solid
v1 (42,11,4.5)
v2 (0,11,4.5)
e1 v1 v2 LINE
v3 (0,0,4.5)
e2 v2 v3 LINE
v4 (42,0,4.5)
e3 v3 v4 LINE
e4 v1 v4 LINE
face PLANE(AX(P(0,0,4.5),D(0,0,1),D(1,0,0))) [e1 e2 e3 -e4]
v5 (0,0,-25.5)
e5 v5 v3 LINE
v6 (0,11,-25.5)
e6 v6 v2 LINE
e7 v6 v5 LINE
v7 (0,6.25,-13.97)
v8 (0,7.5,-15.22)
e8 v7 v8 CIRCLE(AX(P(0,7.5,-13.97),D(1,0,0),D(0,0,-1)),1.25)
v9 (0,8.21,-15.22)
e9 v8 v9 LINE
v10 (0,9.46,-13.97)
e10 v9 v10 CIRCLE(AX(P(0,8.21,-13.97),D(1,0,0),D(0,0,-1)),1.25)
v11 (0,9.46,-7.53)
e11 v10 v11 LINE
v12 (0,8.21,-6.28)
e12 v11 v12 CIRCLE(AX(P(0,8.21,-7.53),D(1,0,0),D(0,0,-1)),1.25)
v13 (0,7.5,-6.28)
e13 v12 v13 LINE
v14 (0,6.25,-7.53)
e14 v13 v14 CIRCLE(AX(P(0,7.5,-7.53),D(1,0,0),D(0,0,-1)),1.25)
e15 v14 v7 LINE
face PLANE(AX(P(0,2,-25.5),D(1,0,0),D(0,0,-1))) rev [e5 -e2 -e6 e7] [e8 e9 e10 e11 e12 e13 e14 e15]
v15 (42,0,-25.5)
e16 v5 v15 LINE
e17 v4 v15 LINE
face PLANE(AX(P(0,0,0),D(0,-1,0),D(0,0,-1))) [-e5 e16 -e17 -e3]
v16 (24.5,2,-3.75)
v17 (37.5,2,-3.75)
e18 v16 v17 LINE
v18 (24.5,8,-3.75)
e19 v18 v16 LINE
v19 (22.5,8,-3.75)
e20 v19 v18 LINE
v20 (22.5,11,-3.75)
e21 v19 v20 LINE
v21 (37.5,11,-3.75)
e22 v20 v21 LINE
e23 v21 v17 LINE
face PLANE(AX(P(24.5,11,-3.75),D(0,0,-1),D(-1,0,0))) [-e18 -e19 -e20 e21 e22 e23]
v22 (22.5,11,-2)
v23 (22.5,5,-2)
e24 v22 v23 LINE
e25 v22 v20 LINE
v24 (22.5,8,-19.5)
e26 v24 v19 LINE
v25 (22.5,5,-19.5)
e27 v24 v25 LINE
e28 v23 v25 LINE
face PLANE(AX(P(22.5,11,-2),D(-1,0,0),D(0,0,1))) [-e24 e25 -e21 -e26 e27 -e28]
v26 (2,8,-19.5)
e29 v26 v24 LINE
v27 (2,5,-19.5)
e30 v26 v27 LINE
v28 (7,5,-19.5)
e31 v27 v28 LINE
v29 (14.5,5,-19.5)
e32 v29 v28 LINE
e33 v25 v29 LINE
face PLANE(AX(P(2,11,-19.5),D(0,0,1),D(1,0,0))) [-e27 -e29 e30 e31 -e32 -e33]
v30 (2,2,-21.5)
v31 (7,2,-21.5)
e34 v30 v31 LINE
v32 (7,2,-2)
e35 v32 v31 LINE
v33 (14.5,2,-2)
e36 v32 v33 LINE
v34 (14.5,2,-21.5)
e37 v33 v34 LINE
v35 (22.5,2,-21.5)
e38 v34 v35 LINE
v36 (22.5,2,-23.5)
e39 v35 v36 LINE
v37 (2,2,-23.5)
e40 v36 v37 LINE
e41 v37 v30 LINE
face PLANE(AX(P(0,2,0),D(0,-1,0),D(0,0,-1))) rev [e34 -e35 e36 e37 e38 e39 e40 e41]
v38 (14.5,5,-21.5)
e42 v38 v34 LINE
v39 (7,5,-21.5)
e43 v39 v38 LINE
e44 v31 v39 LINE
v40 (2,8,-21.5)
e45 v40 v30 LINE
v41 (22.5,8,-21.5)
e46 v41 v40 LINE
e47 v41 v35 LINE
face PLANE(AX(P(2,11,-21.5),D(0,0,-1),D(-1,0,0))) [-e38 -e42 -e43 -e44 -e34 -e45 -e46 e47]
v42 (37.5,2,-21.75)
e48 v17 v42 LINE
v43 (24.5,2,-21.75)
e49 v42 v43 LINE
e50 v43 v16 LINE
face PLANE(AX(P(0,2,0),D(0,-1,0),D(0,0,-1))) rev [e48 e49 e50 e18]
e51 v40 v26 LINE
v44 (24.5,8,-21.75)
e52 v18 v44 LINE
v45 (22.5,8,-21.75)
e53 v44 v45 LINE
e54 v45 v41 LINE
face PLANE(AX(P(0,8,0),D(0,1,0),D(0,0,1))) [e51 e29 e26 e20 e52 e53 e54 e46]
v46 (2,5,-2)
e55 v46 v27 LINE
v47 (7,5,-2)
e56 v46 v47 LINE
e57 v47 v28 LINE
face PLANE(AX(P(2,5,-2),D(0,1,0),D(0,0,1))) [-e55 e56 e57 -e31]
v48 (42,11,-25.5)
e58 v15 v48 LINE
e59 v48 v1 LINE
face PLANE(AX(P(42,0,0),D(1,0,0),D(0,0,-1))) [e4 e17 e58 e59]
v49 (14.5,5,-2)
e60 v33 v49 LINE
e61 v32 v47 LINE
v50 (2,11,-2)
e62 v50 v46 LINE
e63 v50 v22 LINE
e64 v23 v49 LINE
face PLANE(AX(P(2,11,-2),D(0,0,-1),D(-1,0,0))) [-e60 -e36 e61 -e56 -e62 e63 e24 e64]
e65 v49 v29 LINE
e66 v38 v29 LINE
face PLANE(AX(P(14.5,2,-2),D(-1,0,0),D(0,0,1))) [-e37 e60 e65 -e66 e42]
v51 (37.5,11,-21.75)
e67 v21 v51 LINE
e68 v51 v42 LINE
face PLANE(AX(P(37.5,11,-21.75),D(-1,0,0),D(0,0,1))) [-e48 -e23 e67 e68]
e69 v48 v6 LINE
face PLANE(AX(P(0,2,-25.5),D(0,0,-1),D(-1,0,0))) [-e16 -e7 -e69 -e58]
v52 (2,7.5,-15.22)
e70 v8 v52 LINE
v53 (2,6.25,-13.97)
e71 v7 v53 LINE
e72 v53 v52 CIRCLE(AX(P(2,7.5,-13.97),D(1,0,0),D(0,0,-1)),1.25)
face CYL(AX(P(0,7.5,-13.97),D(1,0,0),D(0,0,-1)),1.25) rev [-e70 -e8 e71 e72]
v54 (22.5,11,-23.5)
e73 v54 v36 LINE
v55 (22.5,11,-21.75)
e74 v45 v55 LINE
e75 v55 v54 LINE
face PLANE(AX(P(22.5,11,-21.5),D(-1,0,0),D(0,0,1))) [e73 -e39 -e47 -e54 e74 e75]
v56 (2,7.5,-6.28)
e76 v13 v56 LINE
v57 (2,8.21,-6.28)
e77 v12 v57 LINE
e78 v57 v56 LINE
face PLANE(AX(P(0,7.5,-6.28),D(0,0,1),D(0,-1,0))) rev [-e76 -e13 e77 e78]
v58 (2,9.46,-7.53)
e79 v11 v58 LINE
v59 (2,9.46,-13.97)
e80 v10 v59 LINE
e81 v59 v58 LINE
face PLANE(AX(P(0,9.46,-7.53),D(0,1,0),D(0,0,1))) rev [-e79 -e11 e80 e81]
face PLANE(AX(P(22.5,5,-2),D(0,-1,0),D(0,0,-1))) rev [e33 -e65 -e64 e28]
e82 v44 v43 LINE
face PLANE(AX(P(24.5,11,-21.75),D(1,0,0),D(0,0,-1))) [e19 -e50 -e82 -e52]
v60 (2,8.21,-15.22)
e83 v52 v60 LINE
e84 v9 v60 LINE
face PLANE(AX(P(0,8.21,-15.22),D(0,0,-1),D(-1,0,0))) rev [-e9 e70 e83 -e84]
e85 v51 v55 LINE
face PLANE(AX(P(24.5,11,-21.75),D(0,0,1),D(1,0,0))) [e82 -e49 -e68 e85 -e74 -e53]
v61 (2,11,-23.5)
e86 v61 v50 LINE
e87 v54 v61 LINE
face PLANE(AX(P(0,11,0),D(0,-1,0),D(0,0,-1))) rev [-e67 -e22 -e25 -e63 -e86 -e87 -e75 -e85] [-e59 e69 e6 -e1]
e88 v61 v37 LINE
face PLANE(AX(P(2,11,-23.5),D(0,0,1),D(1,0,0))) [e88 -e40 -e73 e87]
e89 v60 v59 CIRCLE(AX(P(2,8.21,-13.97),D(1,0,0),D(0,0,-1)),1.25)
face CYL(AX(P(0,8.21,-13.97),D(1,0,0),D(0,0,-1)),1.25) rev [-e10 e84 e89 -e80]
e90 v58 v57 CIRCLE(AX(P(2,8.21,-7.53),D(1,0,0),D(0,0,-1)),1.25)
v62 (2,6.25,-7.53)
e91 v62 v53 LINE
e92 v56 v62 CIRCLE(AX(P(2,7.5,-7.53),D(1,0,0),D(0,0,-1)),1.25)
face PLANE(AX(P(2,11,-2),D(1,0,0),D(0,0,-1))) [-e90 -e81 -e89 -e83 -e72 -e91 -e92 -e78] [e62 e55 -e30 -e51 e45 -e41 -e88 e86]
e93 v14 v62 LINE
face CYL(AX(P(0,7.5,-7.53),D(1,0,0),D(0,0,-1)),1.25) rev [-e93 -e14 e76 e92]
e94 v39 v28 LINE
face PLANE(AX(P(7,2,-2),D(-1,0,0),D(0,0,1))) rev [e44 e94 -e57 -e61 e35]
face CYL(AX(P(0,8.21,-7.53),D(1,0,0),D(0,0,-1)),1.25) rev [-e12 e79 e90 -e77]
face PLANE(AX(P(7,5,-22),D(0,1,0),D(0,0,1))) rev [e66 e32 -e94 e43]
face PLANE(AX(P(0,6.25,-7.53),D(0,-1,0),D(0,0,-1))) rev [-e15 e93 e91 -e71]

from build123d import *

# Parameters (mm, degrees)
BOSS_EXTRUDE1_DEPTH = 2
SKETCH2_W           = 20.5
SKETCH2_H           = 2
SKETCH2_W_2         = 13
SKETCH2_H_2         = 18
SKETCH2_H_3         = 17.5
BOSS_EXTRUDE2_DEPTH = 9
SKETCH3_W           = 5
SKETCH3_H           = 3
SKETCH3_W_2         = 8
BOSS_EXTRUDE4_DEPTH = 17.5
SKETCH6_W           = 7.5
SKETCH6_H           = 3
CUT_EXTRUDE1_DEPTH  = 2.5
CUT_EXTRUDE3_DEPTH  = 3
SKETCH11_W          = 15
SKETCH11_H          = 11
BOSS_EXTRUDE5_DEPTH = 1.75
SKETCH12_W          = 15
SKETCH12_H          = 11
BOSS_EXTRUDE6_DEPTH = 1.75
CUT_EXTRUDE4_DEPTH  = 2
SKETCH14_W          = 39.5
SKETCH14_H          = 11
BOSS_EXTRUDE7_DEPTH = 4.5
SKETCH16_W          = 30
SKETCH16_H          = 11
BOSS_EXTRUDE8_DEPTH = 2.5


with BuildPart() as part:
    # Sketch1 → Boss-Extrude1 (new body)
    with BuildSketch(Plane(origin=(0, 0, 0), x_dir=(1, 0, 0), z_dir=(0, 1, 0))):
        Polygon((0, 25.5), (24.5, 25.5), (24.5, 23.75), (39.5, 23.75), (39.5, 1.75), (24.5, 1.75), (24.5, 0), (0, 0), align=None)
    extrude(amount=BOSS_EXTRUDE1_DEPTH)

    # Sketch2 → Boss-Extrude2 (add)
    with BuildSketch(Plane(origin=(0, 2, 0), x_dir=(1, 0, 0), z_dir=(0, 1, 0))):
        Polygon((24.5, 23.75), (24.5, 25.5), (0, 25.5), (0, 0), (24.5, 0), (24.5, 1.75), (39.5, 1.75), (39.5, 23.75), align=None)
        with Locations((12.25, 22.5)):
            Rectangle(SKETCH2_W, SKETCH2_H, mode=Mode.SUBTRACT)
        with Locations((31, 12.75)):
            Rectangle(SKETCH2_W_2, SKETCH2_H_2, mode=Mode.SUBTRACT)
        with Locations((12.25, 10.75)):
            Rectangle(SKETCH2_W, SKETCH2_H_3, mode=Mode.SUBTRACT)
    extrude(amount=BOSS_EXTRUDE2_DEPTH)

    # Sketch3 → Boss-Extrude4 (add)
    with BuildSketch(Plane.XY.offset(-19.5)):
        with Locations((4.5, 3.5)):
            Rectangle(SKETCH3_W, SKETCH3_H)
        with Locations((18.5, 3.5)):
            Rectangle(SKETCH3_W_2, SKETCH3_H)
    extrude(amount=BOSS_EXTRUDE4_DEPTH)

    # Sketch6 → Cut-Extrude1 (cut)
    with BuildSketch(Plane.XY.offset(-19.5)):
        with Locations((10.75, 3.5)):
            Rectangle(SKETCH6_W, SKETCH6_H)
    extrude(amount=-CUT_EXTRUDE1_DEPTH, mode=Mode.SUBTRACT)

    # Sketch7 → Cut-Extrude3 (cut)
    with BuildSketch(Plane(origin=(0, 11, 0), x_dir=(1, 0, 0), z_dir=(0, 1, 0))):
        Polygon((24.5, 3.75), (22.5, 3.75), (22.5, 19.5), (2, 19.5), (2, 21.5), (22.5, 21.5), (22.5, 21.75), (24.5, 21.75), (24.5, 21.5), (24.5, 19.5), align=None)
    extrude(amount=-CUT_EXTRUDE3_DEPTH, mode=Mode.SUBTRACT)

    # Sketch11 → Boss-Extrude5 (add)
    with BuildSketch(Plane.XY.offset(-1.75)):
        with Locations((32, 5.5)):
            Rectangle(SKETCH11_W, SKETCH11_H)
    extrude(amount=BOSS_EXTRUDE5_DEPTH)

    # Sketch12 → Boss-Extrude6 (add)
    with BuildSketch(Plane(origin=(0, 0, -23.75), x_dir=(-1, 0, 0), z_dir=(0, 0, -1))):
        with Locations((-32, 5.5)):
            Rectangle(SKETCH12_W, SKETCH12_H)
    extrude(amount=BOSS_EXTRUDE6_DEPTH)

    # Sketch13 → Cut-Extrude4 (cut)
    with BuildSketch(Plane(origin=(2, 0, 0), x_dir=(0, 0, -1), z_dir=(1, 0, 0))):
        with BuildLine():
            Line((6.28, 7.5), (6.28, 8.21))
            ThreePointArc((6.28, 8.21), (6.646116524, 9.093883476), (7.53, 9.46))
            Line((7.53, 9.46), (13.97, 9.46))
            ThreePointArc((13.97, 9.46), (14.853883476, 9.093883476), (15.22, 8.21))
            Line((15.22, 8.21), (15.22, 7.5))
            ThreePointArc((15.22, 7.5), (14.853883476, 6.616116524), (13.97, 6.25))
            Line((13.97, 6.25), (7.53, 6.25))
            ThreePointArc((7.53, 6.25), (6.646116524, 6.616116524), (6.28, 7.5))
        make_face()
    extrude(amount=-CUT_EXTRUDE4_DEPTH, mode=Mode.SUBTRACT)

    # Sketch14 → Boss-Extrude7 (add)
    with BuildSketch(Plane.XY):
        with Locations((19.75, 5.5)):
            Rectangle(SKETCH14_W, SKETCH14_H)
    extrude(amount=BOSS_EXTRUDE7_DEPTH)

    # Sketch16 → Boss-Extrude8 (add)
    with BuildSketch(Plane(origin=(39.5, 0, 0), x_dir=(0, 0, -1), z_dir=(1, 0, 0))):
        with Locations((10.5, 5.5)):
            Rectangle(SKETCH16_W, SKETCH16_H)
    extrude(amount=BOSS_EXTRUDE8_DEPTH)


solid = part.part
